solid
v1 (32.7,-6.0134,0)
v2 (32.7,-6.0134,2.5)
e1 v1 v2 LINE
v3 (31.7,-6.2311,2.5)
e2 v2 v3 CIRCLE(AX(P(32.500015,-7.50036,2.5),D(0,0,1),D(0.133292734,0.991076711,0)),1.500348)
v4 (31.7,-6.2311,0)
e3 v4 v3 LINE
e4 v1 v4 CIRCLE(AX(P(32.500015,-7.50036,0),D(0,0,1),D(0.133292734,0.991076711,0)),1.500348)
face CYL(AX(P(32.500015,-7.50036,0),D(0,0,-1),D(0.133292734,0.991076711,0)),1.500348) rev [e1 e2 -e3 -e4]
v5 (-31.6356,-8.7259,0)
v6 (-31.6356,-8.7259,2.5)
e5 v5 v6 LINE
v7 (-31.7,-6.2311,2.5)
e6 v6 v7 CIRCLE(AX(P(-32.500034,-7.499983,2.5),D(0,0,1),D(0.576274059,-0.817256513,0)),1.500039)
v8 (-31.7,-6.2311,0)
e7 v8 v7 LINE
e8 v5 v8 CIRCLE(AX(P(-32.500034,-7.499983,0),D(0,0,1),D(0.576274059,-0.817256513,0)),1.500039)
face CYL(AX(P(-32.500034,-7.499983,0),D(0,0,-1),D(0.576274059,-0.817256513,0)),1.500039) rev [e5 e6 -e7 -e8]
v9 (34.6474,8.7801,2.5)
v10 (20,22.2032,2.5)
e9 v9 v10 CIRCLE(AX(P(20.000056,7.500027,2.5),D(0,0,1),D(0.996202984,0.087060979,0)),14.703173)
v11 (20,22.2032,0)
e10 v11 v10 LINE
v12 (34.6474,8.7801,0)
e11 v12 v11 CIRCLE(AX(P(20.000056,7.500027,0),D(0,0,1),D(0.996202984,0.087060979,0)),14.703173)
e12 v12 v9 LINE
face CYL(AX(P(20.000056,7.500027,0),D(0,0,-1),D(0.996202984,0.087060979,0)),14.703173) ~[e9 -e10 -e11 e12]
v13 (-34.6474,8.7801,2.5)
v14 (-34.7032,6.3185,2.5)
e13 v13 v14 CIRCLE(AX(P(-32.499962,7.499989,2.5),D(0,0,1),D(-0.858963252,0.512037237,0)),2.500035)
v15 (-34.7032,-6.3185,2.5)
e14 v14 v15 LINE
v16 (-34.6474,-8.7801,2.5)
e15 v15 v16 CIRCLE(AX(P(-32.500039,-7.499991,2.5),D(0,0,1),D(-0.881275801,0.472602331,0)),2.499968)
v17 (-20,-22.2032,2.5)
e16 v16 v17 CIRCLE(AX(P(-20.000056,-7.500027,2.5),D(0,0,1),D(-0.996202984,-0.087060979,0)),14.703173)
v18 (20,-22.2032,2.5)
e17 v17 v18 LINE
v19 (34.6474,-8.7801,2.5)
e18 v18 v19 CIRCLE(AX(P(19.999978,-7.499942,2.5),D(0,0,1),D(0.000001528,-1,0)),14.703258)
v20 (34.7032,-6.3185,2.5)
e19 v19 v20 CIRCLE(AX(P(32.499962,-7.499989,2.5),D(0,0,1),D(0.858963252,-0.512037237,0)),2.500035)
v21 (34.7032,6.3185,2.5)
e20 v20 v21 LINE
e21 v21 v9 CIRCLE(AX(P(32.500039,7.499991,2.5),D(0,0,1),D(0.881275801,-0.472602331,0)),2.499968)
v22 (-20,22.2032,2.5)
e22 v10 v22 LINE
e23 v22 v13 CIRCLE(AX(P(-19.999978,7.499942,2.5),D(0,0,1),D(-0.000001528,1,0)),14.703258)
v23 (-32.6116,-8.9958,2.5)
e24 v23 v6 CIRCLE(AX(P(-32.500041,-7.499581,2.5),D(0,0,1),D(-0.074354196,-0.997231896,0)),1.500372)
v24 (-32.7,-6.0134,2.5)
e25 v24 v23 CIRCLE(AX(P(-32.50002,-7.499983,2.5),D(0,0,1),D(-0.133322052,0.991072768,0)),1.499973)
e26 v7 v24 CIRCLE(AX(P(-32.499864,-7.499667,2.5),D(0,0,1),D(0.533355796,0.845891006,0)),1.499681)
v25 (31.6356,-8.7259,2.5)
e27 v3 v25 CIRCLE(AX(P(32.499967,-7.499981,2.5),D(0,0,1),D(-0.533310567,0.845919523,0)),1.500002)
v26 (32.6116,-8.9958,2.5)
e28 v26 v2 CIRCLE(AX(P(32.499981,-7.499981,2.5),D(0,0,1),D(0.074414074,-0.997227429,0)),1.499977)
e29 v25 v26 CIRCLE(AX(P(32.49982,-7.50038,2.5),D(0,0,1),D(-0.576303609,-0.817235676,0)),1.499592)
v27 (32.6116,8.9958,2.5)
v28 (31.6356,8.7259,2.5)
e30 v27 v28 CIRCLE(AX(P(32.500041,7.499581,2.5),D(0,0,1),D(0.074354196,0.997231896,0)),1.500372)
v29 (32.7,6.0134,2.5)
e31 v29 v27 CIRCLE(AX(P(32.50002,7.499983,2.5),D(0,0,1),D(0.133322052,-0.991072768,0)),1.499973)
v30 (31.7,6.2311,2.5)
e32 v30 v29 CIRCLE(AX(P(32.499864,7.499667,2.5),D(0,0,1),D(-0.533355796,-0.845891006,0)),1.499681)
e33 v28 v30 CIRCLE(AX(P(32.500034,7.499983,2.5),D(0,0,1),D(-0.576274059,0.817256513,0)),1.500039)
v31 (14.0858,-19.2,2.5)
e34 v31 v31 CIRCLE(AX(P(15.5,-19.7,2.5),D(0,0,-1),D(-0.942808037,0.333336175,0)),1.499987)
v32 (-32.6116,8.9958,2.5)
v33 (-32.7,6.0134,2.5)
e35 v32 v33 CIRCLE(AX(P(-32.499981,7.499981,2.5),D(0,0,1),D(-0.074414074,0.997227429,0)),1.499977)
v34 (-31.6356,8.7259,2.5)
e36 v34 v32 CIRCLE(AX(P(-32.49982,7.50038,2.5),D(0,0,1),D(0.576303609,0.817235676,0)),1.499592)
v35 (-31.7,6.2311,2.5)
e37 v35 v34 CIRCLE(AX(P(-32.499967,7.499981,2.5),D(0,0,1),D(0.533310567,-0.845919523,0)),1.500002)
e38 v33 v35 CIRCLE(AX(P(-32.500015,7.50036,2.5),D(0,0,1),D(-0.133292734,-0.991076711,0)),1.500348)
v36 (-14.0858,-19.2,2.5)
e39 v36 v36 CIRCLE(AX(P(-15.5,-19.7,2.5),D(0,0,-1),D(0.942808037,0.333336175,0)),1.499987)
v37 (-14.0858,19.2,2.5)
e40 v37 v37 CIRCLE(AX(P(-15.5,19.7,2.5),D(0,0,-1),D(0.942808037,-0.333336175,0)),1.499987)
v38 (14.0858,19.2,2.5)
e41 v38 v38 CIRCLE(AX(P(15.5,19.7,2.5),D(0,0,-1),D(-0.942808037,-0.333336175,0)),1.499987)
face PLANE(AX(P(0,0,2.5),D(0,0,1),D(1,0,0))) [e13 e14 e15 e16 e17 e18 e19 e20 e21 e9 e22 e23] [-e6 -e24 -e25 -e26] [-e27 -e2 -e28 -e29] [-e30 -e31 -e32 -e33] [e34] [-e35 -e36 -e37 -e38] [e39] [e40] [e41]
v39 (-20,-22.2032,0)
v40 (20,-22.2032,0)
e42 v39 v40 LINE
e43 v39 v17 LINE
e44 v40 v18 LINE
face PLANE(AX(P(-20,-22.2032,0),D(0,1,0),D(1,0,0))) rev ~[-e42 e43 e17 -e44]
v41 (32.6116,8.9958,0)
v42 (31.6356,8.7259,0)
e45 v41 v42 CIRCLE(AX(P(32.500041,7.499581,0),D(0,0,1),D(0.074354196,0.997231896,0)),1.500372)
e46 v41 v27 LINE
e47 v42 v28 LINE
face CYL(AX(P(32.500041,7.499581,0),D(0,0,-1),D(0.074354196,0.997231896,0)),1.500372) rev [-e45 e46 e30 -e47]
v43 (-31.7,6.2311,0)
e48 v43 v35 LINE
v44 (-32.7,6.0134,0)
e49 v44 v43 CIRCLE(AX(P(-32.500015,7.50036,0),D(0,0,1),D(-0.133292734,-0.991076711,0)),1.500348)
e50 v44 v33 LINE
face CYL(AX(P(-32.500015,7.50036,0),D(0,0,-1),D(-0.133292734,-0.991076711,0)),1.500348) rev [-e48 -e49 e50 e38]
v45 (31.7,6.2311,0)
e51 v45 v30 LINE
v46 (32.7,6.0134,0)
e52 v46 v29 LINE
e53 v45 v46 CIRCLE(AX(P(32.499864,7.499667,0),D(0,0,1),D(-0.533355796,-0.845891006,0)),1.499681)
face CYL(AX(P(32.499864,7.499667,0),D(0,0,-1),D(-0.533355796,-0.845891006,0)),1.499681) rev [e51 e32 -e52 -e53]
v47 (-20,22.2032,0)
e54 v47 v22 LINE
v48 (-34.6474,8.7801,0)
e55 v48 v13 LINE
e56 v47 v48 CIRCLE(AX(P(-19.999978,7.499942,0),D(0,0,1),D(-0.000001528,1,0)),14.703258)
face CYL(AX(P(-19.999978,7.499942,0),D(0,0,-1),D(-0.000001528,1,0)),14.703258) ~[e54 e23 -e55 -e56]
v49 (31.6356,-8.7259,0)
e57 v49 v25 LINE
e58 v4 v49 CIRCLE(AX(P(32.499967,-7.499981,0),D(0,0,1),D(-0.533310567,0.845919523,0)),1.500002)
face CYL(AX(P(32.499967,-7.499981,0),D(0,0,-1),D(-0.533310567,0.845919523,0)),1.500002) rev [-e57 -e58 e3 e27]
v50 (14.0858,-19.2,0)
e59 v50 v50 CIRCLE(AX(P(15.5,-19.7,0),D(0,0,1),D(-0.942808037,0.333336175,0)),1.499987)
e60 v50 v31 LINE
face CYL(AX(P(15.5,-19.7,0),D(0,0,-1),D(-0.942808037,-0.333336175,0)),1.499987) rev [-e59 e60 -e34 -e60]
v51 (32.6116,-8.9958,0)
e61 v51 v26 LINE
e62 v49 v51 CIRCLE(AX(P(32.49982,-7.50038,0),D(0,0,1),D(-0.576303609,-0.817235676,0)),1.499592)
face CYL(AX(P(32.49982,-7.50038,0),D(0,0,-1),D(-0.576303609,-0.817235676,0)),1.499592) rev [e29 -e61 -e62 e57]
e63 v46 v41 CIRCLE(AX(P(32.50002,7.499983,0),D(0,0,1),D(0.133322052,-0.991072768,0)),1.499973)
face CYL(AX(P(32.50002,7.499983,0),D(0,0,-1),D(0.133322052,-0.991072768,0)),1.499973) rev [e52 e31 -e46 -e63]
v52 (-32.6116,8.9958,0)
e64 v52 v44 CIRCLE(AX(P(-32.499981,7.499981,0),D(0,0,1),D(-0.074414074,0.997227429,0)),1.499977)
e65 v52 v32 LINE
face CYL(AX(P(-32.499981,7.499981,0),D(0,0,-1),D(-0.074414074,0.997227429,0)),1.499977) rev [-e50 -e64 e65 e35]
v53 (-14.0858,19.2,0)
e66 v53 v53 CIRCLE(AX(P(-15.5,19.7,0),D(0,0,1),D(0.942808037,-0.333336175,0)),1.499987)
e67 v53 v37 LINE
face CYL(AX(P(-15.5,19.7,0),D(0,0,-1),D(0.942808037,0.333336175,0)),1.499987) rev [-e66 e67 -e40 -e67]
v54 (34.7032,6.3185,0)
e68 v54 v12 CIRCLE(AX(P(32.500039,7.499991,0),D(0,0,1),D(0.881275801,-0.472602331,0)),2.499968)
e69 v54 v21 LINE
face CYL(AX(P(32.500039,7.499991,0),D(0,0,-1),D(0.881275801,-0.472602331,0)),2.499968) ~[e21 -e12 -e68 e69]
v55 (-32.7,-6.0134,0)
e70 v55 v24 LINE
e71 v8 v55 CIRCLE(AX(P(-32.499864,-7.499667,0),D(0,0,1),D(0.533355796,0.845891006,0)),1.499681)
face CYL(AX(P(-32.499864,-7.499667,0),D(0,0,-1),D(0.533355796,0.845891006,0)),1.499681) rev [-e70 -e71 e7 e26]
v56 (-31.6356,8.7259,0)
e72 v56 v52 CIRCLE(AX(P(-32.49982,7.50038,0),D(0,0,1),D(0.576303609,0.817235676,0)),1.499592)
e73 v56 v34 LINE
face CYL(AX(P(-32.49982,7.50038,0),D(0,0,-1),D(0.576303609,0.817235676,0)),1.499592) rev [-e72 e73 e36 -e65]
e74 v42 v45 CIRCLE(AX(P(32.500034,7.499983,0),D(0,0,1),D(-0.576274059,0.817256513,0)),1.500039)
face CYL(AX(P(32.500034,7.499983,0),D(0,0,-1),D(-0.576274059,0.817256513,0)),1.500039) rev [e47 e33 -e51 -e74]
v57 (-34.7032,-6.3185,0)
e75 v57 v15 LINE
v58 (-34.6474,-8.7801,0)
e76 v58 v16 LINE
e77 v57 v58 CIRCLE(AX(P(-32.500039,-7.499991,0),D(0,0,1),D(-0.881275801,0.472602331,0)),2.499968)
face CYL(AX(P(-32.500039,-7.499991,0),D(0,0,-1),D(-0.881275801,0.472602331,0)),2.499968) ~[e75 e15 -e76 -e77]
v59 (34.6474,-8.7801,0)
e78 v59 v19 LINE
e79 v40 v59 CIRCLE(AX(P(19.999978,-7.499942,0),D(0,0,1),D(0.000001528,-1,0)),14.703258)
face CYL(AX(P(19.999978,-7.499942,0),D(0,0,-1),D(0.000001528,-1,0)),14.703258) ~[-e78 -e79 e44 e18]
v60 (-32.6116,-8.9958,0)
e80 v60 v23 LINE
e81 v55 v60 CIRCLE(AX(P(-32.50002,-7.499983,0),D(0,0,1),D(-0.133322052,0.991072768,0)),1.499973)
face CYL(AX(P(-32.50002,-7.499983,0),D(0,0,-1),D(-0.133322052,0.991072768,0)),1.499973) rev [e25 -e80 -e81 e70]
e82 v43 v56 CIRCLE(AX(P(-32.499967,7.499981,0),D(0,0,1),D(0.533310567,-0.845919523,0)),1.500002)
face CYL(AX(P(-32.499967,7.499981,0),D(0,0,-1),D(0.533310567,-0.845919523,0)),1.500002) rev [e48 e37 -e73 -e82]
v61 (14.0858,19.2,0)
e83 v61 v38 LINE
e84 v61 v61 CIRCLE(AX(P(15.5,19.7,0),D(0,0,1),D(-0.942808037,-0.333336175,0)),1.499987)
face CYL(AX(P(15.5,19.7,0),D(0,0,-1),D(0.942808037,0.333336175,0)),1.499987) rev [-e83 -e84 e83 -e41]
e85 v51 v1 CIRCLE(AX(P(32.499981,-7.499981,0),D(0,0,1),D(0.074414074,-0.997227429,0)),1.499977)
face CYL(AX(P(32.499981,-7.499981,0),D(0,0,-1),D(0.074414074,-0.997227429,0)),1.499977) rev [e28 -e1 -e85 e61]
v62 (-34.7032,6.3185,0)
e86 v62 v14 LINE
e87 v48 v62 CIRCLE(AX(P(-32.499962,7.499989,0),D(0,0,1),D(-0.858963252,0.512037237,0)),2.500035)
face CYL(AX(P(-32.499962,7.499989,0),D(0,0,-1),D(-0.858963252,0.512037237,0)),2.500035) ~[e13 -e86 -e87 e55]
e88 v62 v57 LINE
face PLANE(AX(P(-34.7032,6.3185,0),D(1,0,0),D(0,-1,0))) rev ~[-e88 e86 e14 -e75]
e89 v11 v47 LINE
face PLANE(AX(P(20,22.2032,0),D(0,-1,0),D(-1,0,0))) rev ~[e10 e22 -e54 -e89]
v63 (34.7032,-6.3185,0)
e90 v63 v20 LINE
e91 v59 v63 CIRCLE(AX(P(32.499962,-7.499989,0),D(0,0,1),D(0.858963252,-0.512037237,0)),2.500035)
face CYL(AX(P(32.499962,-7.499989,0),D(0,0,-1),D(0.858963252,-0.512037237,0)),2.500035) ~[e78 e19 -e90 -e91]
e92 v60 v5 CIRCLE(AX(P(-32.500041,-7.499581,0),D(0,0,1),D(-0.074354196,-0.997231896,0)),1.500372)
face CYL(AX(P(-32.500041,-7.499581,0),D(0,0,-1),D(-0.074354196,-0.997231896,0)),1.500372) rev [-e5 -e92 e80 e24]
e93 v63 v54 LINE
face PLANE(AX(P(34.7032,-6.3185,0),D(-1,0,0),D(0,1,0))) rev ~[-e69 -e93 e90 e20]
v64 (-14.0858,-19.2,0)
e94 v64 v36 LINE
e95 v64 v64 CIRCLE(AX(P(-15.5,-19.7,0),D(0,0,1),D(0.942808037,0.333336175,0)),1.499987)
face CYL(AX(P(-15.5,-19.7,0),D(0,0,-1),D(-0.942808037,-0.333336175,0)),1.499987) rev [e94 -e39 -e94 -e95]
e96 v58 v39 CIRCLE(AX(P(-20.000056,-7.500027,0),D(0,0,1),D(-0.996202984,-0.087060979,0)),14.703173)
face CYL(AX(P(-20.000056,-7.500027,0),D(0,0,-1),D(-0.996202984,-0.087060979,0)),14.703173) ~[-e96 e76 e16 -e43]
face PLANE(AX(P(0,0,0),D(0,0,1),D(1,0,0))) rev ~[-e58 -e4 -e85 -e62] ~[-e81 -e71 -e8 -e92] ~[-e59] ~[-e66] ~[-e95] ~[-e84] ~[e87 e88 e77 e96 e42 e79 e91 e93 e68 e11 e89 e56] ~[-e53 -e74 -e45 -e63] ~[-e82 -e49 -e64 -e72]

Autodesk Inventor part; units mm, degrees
ref_plane "YZ Plane" through (0, 0, 0) normal (1, 0, 0) x (0, 1, 0)
ref_plane "XZ Plane" through (0, 0, 0) normal (0, 1, 0) x (-1, 0, 0)
ref_plane "XY Plane" through (0, 0, 0) normal (0, 0, 1) x (1, 0, 0)
sketch "Sketch1" plane through (0, 0, 0) normal (0, 0, 1) x (1, 0, 0)
  line L0 (-32.7, -6.0134) -> (-32.7, 6.0134) projected
  arc A0 (-32.6116, 8.9958) -> (-32.7, 6.0134) centre (-32.5, 7.5) ccw projected
  arc A1 (-20, 20.2) -> (-32.6116, 8.9958) centre (-20, 7.5) ccw projected
  line L1 (-20, 20.2) -> (-16.9142, 20.2) projected
  arc A2 (-14.0858, 20.2) -> (-16.9142, 20.2) centre (-15.5, 19.7) ccw projected
  line L2 (-14.0858, 20.2) -> (14.0858, 20.2) projected
  arc A3 (16.9142, 20.2) -> (14.0858, 20.2) centre (15.5, 19.7) ccw projected
  line L3 (16.9142, 20.2) -> (20, 20.2) projected
  arc A4 (32.6116, 8.9958) -> (20, 20.2) centre (20, 7.5) ccw projected
  arc A5 (32.7, 6.0134) -> (32.6116, 8.9958) centre (32.5, 7.5) ccw projected
  line L4 (32.7, 6.0134) -> (32.7, -6.0134) projected
  arc A6 (32.6116, -8.9958) -> (32.7, -6.0134) centre (32.5, -7.5) ccw projected
  arc A7 (20, -20.2) -> (32.6116, -8.9958) centre (20, -7.5) ccw projected
  line L5 (20, -20.2) -> (16.9142, -20.2) projected
  arc A8 (14.0858, -20.2) -> (16.9142, -20.2) centre (15.5, -19.7) ccw projected
  line L6 (14.0858, -20.2) -> (-14.0858, -20.2) projected
  arc A9 (-16.9142, -20.2) -> (-14.0858, -20.2) centre (-15.5, -19.7) ccw projected
  line L7 (-16.9142, -20.2) -> (-20, -20.2) projected
  arc A10 (-32.6116, -8.9958) -> (-20, -20.2) centre (-20, -7.5) ccw projected
  arc A11 (-32.7, -6.0134) -> (-32.6116, -8.9958) centre (-32.5, -7.5) ccw projected
  arc A12 (34.6474, -8.7801) -> (34.7032, -6.3185) centre (32.5, -7.5) ccw projected
  line L8 (34.7032, -6.3185) -> (34.7032, 6.3185) projected
  arc A13 (34.7032, 6.3185) -> (34.6474, 8.7801) centre (32.5, 7.5) ccw projected
  arc A14 (34.6474, 8.7801) -> (20, 22.2032) centre (20, 7.5) ccw projected
  line L9 (20, 22.2032) -> (-20, 22.2032) projected
  arc A15 (-20, 22.2032) -> (-34.6474, 8.7801) centre (-20, 7.5) ccw projected
  arc A16 (-34.6474, 8.7801) -> (-34.7032, 6.3185) centre (-32.5, 7.5) ccw projected
  line L10 (-34.7032, 6.3185) -> (-34.7032, -6.3185) projected
  arc A17 (-34.7032, -6.3185) -> (-34.6474, -8.7801) centre (-32.5, -7.5) ccw projected
  arc A18 (-34.6474, -8.7801) -> (-20, -22.2032) centre (-20, -7.5) ccw projected
  line L11 (-20, -22.2032) -> (20, -22.2032) projected
  arc A19 (20, -22.2032) -> (34.6474, -8.7801) centre (20, -7.5) ccw projected
  arc A20 (-31.6356, 8.7259) -> (-32.6116, 8.9958) centre (-32.5, 7.5) ccw projected
  arc A21 (-20, 19.2) -> (-31.6356, 8.7259) centre (-20, 7.5) ccw projected
  line L12 (-16.9142, 19.2) -> (-20, 19.2) projected
  arc A22 (-16.9142, 20.2) -> (-16.9142, 19.2) centre (-15.5, 19.7) ccw projected
  line L13 (-20, 20.2) -> (-16.9142, 20.2) projected
  arc A23 (-20, 20.2) -> (-32.6116, 8.9958) centre (-20, 7.5) ccw projected
  arc A24 (-32.7, 6.0134) -> (-31.7, 6.2311) centre (-32.5, 7.5) ccw projected
  line L14 (-32.7, -6.0134) -> (-32.7, 6.0134) projected
  arc A25 (-31.7, -6.2311) -> (-32.7, -6.0134) centre (-32.5, -7.5) ccw projected
  line L15 (-31.7, 6.2311) -> (-31.7, -6.2311) projected
  line L16 (-31.7, 6.2311) -> (-31.7, -6.2311) projected
  arc A26 (-31.6356, -8.7259) -> (-31.7, -6.2311) centre (-32.5, -7.5) ccw projected
  arc A27 (-31.6356, -8.7259) -> (-20, -19.2) centre (-20, -7.5) ccw projected
  line L17 (-20, -19.2) -> (-16.9142, -19.2) projected
  arc A28 (-14.0858, -19.2) -> (-16.9142, -19.2) centre (-15.5, -19.7) ccw projected
  line L18 (-14.0858, -19.2) -> (14.0858, -19.2) projected
  arc A29 (16.9142, -19.2) -> (14.0858, -19.2) centre (15.5, -19.7) ccw projected
  line L19 (16.9142, -19.2) -> (20, -19.2) projected
  arc A30 (20, -19.2) -> (31.6356, -8.7259) centre (20, -7.5) ccw projected
  arc A31 (31.7, -6.2311) -> (31.6356, -8.7259) centre (32.5, -7.5) ccw projected
  line L20 (31.7, -6.2311) -> (31.7, 6.2311) projected
  arc A32 (31.6356, 8.7259) -> (31.7, 6.2311) centre (32.5, 7.5) ccw projected
  arc A33 (31.6356, 8.7259) -> (20, 19.2) centre (20, 7.5) ccw projected
  line L21 (20, 19.2) -> (16.9142, 19.2) projected
  arc A34 (14.0858, 19.2) -> (16.9142, 19.2) centre (15.5, 19.7) ccw projected
  line L22 (14.0858, 19.2) -> (-14.0858, 19.2) projected
  arc A35 (-16.9142, 19.2) -> (-14.0858, 19.2) centre (-15.5, 19.7) ccw projected
  line L23 (-16.9142, 19.2) -> (-20, 19.2) projected
  arc A36 (-20, 19.2) -> (-31.6356, 8.7259) centre (-20, 7.5) ccw projected
  arc A37 (-31.7, 6.2311) -> (-31.6356, 8.7259) centre (-32.5, 7.5) ccw projected
  line L24 (-30.1616, -8.3842) -> (-30.2, -6.5202) projected
  line L25 (-30.2, -6.5202) -> (-30.2, 6.5202) projected
  line L26 (-30.2, 6.5202) -> (-30.1616, 8.3842) projected
  arc A38 (-20, 17.7) -> (-30.1616, 8.3842) centre (-20, 7.5) ccw projected
  line L27 (-20, 17.7) -> (20, 17.7) projected
  arc A39 (30.1616, 8.3842) -> (20, 17.7) centre (20, 7.5) ccw projected
  line L28 (30.1616, 8.3842) -> (30.2, 6.5202) projected
  line L29 (30.2, 6.5202) -> (30.2, -6.5202) projected
  line L30 (30.2, -6.5202) -> (30.1616, -8.3842) projected
  arc A40 (20, -17.7) -> (30.1616, -8.3842) centre (20, -7.5) ccw projected
  line L31 (20, -17.7) -> (-20, -17.7) projected
  arc A41 (-30.1616, -8.3842) -> (-20, -17.7) centre (-20, -7.5) ccw projected
  arc A42 (-14.0858, -20.2) -> (-14.0858, -19.2) centre (-15.5, -19.7) ccw projected
  line L32 (14.0858, -20.2) -> (-14.0858, -20.2) projected
  arc A43 (14.0858, -19.2) -> (14.0858, -20.2) centre (15.5, -19.7) ccw projected
  line L33 (-14.0858, -19.2) -> (14.0858, -19.2) projected
  arc A44 (-16.9142, -19.2) -> (-16.9142, -20.2) centre (-15.5, -19.7) ccw projected
  line L34 (-20, -19.2) -> (-16.9142, -19.2) projected
  arc A45 (-31.6356, -8.7259) -> (-20, -19.2) centre (-20, -7.5) ccw projected
  arc A46 (-32.6116, -8.9958) -> (-31.6356, -8.7259) centre (-32.5, -7.5) ccw projected
  arc A47 (-32.6116, -8.9958) -> (-20, -20.2) centre (-20, -7.5) ccw projected
  line L35 (-16.9142, -20.2) -> (-20, -20.2) projected
  arc A48 (31.6356, -8.7259) -> (32.6116, -8.9958) centre (32.5, -7.5) ccw projected
  arc A49 (20, -19.2) -> (31.6356, -8.7259) centre (20, -7.5) ccw projected
  line L36 (16.9142, -19.2) -> (20, -19.2) projected
  arc A50 (16.9142, -20.2) -> (16.9142, -19.2) centre (15.5, -19.7) ccw projected
  line L37 (20, -20.2) -> (16.9142, -20.2) projected
  arc A51 (20, -20.2) -> (32.6116, -8.9958) centre (20, -7.5) ccw projected
  arc A52 (-14.0858, -20.2) -> (-14.0858, -19.2) centre (-15.5, -19.7) ccw projected
  line L38 (14.0858, -20.2) -> (-14.0858, -20.2) projected
  arc A53 (14.0858, -19.2) -> (14.0858, -20.2) centre (15.5, -19.7) ccw projected
  line L39 (-14.0858, -19.2) -> (14.0858, -19.2) projected
  arc A54 (32.7, -6.0134) -> (31.7, -6.2311) centre (32.5, -7.5) ccw projected
  line L40 (32.7, 6.0134) -> (32.7, -6.0134) projected
  arc A55 (31.7, 6.2311) -> (32.7, 6.0134) centre (32.5, 7.5) ccw projected
  line L41 (31.7, -6.2311) -> (31.7, 6.2311) projected
  arc A56 (16.9142, 19.2) -> (16.9142, 20.2) centre (15.5, 19.7) ccw projected
  line L42 (20, 19.2) -> (16.9142, 19.2) projected
  arc A57 (31.6356, 8.7259) -> (20, 19.2) centre (20, 7.5) ccw projected
  arc A58 (32.6116, 8.9958) -> (31.6356, 8.7259) centre (32.5, 7.5) ccw projected
  arc A59 (32.6116, 8.9958) -> (20, 20.2) centre (20, 7.5) ccw projected
  line L43 (16.9142, 20.2) -> (20, 20.2) projected
  arc A60 (14.0858, 20.2) -> (14.0858, 19.2) centre (15.5, 19.7) ccw projected
  line L44 (-14.0858, 20.2) -> (14.0858, 20.2) projected
  arc A61 (-14.0858, 19.2) -> (-14.0858, 20.2) centre (-15.5, 19.7) ccw projected
  line L45 (14.0858, 19.2) -> (-14.0858, 19.2) projected
  point P0 (0, 0)
extrude "Extrusion1" add sketch "Sketch1" along normal blind 2.5 contours L0 A24 L15 A25 | A46 A27 L17 A44 L7 A10 | L15 A37 A21 L12 A35 L22 A34 L21 A33 A32 L20 A31 A30 L19 A29 L18 A28 L17 A27 A26 | A1 L1 A22 L12 A21 A20 | A42 L18 A43 L6 | L2 A60 L22 A61 | A50 L19 A30 A48 A7 L5 | L3 A4 A58 A33 L21 A56 | A54 L20 A55 L4 | A19 L11 A18 A17 L10 A16 A15 L9 A14 A13 L8 A12 | L24 L25 L26 A38 L27 A39 L28 L29 L30 A40 L31 A41
properties part number "front_acryl"
